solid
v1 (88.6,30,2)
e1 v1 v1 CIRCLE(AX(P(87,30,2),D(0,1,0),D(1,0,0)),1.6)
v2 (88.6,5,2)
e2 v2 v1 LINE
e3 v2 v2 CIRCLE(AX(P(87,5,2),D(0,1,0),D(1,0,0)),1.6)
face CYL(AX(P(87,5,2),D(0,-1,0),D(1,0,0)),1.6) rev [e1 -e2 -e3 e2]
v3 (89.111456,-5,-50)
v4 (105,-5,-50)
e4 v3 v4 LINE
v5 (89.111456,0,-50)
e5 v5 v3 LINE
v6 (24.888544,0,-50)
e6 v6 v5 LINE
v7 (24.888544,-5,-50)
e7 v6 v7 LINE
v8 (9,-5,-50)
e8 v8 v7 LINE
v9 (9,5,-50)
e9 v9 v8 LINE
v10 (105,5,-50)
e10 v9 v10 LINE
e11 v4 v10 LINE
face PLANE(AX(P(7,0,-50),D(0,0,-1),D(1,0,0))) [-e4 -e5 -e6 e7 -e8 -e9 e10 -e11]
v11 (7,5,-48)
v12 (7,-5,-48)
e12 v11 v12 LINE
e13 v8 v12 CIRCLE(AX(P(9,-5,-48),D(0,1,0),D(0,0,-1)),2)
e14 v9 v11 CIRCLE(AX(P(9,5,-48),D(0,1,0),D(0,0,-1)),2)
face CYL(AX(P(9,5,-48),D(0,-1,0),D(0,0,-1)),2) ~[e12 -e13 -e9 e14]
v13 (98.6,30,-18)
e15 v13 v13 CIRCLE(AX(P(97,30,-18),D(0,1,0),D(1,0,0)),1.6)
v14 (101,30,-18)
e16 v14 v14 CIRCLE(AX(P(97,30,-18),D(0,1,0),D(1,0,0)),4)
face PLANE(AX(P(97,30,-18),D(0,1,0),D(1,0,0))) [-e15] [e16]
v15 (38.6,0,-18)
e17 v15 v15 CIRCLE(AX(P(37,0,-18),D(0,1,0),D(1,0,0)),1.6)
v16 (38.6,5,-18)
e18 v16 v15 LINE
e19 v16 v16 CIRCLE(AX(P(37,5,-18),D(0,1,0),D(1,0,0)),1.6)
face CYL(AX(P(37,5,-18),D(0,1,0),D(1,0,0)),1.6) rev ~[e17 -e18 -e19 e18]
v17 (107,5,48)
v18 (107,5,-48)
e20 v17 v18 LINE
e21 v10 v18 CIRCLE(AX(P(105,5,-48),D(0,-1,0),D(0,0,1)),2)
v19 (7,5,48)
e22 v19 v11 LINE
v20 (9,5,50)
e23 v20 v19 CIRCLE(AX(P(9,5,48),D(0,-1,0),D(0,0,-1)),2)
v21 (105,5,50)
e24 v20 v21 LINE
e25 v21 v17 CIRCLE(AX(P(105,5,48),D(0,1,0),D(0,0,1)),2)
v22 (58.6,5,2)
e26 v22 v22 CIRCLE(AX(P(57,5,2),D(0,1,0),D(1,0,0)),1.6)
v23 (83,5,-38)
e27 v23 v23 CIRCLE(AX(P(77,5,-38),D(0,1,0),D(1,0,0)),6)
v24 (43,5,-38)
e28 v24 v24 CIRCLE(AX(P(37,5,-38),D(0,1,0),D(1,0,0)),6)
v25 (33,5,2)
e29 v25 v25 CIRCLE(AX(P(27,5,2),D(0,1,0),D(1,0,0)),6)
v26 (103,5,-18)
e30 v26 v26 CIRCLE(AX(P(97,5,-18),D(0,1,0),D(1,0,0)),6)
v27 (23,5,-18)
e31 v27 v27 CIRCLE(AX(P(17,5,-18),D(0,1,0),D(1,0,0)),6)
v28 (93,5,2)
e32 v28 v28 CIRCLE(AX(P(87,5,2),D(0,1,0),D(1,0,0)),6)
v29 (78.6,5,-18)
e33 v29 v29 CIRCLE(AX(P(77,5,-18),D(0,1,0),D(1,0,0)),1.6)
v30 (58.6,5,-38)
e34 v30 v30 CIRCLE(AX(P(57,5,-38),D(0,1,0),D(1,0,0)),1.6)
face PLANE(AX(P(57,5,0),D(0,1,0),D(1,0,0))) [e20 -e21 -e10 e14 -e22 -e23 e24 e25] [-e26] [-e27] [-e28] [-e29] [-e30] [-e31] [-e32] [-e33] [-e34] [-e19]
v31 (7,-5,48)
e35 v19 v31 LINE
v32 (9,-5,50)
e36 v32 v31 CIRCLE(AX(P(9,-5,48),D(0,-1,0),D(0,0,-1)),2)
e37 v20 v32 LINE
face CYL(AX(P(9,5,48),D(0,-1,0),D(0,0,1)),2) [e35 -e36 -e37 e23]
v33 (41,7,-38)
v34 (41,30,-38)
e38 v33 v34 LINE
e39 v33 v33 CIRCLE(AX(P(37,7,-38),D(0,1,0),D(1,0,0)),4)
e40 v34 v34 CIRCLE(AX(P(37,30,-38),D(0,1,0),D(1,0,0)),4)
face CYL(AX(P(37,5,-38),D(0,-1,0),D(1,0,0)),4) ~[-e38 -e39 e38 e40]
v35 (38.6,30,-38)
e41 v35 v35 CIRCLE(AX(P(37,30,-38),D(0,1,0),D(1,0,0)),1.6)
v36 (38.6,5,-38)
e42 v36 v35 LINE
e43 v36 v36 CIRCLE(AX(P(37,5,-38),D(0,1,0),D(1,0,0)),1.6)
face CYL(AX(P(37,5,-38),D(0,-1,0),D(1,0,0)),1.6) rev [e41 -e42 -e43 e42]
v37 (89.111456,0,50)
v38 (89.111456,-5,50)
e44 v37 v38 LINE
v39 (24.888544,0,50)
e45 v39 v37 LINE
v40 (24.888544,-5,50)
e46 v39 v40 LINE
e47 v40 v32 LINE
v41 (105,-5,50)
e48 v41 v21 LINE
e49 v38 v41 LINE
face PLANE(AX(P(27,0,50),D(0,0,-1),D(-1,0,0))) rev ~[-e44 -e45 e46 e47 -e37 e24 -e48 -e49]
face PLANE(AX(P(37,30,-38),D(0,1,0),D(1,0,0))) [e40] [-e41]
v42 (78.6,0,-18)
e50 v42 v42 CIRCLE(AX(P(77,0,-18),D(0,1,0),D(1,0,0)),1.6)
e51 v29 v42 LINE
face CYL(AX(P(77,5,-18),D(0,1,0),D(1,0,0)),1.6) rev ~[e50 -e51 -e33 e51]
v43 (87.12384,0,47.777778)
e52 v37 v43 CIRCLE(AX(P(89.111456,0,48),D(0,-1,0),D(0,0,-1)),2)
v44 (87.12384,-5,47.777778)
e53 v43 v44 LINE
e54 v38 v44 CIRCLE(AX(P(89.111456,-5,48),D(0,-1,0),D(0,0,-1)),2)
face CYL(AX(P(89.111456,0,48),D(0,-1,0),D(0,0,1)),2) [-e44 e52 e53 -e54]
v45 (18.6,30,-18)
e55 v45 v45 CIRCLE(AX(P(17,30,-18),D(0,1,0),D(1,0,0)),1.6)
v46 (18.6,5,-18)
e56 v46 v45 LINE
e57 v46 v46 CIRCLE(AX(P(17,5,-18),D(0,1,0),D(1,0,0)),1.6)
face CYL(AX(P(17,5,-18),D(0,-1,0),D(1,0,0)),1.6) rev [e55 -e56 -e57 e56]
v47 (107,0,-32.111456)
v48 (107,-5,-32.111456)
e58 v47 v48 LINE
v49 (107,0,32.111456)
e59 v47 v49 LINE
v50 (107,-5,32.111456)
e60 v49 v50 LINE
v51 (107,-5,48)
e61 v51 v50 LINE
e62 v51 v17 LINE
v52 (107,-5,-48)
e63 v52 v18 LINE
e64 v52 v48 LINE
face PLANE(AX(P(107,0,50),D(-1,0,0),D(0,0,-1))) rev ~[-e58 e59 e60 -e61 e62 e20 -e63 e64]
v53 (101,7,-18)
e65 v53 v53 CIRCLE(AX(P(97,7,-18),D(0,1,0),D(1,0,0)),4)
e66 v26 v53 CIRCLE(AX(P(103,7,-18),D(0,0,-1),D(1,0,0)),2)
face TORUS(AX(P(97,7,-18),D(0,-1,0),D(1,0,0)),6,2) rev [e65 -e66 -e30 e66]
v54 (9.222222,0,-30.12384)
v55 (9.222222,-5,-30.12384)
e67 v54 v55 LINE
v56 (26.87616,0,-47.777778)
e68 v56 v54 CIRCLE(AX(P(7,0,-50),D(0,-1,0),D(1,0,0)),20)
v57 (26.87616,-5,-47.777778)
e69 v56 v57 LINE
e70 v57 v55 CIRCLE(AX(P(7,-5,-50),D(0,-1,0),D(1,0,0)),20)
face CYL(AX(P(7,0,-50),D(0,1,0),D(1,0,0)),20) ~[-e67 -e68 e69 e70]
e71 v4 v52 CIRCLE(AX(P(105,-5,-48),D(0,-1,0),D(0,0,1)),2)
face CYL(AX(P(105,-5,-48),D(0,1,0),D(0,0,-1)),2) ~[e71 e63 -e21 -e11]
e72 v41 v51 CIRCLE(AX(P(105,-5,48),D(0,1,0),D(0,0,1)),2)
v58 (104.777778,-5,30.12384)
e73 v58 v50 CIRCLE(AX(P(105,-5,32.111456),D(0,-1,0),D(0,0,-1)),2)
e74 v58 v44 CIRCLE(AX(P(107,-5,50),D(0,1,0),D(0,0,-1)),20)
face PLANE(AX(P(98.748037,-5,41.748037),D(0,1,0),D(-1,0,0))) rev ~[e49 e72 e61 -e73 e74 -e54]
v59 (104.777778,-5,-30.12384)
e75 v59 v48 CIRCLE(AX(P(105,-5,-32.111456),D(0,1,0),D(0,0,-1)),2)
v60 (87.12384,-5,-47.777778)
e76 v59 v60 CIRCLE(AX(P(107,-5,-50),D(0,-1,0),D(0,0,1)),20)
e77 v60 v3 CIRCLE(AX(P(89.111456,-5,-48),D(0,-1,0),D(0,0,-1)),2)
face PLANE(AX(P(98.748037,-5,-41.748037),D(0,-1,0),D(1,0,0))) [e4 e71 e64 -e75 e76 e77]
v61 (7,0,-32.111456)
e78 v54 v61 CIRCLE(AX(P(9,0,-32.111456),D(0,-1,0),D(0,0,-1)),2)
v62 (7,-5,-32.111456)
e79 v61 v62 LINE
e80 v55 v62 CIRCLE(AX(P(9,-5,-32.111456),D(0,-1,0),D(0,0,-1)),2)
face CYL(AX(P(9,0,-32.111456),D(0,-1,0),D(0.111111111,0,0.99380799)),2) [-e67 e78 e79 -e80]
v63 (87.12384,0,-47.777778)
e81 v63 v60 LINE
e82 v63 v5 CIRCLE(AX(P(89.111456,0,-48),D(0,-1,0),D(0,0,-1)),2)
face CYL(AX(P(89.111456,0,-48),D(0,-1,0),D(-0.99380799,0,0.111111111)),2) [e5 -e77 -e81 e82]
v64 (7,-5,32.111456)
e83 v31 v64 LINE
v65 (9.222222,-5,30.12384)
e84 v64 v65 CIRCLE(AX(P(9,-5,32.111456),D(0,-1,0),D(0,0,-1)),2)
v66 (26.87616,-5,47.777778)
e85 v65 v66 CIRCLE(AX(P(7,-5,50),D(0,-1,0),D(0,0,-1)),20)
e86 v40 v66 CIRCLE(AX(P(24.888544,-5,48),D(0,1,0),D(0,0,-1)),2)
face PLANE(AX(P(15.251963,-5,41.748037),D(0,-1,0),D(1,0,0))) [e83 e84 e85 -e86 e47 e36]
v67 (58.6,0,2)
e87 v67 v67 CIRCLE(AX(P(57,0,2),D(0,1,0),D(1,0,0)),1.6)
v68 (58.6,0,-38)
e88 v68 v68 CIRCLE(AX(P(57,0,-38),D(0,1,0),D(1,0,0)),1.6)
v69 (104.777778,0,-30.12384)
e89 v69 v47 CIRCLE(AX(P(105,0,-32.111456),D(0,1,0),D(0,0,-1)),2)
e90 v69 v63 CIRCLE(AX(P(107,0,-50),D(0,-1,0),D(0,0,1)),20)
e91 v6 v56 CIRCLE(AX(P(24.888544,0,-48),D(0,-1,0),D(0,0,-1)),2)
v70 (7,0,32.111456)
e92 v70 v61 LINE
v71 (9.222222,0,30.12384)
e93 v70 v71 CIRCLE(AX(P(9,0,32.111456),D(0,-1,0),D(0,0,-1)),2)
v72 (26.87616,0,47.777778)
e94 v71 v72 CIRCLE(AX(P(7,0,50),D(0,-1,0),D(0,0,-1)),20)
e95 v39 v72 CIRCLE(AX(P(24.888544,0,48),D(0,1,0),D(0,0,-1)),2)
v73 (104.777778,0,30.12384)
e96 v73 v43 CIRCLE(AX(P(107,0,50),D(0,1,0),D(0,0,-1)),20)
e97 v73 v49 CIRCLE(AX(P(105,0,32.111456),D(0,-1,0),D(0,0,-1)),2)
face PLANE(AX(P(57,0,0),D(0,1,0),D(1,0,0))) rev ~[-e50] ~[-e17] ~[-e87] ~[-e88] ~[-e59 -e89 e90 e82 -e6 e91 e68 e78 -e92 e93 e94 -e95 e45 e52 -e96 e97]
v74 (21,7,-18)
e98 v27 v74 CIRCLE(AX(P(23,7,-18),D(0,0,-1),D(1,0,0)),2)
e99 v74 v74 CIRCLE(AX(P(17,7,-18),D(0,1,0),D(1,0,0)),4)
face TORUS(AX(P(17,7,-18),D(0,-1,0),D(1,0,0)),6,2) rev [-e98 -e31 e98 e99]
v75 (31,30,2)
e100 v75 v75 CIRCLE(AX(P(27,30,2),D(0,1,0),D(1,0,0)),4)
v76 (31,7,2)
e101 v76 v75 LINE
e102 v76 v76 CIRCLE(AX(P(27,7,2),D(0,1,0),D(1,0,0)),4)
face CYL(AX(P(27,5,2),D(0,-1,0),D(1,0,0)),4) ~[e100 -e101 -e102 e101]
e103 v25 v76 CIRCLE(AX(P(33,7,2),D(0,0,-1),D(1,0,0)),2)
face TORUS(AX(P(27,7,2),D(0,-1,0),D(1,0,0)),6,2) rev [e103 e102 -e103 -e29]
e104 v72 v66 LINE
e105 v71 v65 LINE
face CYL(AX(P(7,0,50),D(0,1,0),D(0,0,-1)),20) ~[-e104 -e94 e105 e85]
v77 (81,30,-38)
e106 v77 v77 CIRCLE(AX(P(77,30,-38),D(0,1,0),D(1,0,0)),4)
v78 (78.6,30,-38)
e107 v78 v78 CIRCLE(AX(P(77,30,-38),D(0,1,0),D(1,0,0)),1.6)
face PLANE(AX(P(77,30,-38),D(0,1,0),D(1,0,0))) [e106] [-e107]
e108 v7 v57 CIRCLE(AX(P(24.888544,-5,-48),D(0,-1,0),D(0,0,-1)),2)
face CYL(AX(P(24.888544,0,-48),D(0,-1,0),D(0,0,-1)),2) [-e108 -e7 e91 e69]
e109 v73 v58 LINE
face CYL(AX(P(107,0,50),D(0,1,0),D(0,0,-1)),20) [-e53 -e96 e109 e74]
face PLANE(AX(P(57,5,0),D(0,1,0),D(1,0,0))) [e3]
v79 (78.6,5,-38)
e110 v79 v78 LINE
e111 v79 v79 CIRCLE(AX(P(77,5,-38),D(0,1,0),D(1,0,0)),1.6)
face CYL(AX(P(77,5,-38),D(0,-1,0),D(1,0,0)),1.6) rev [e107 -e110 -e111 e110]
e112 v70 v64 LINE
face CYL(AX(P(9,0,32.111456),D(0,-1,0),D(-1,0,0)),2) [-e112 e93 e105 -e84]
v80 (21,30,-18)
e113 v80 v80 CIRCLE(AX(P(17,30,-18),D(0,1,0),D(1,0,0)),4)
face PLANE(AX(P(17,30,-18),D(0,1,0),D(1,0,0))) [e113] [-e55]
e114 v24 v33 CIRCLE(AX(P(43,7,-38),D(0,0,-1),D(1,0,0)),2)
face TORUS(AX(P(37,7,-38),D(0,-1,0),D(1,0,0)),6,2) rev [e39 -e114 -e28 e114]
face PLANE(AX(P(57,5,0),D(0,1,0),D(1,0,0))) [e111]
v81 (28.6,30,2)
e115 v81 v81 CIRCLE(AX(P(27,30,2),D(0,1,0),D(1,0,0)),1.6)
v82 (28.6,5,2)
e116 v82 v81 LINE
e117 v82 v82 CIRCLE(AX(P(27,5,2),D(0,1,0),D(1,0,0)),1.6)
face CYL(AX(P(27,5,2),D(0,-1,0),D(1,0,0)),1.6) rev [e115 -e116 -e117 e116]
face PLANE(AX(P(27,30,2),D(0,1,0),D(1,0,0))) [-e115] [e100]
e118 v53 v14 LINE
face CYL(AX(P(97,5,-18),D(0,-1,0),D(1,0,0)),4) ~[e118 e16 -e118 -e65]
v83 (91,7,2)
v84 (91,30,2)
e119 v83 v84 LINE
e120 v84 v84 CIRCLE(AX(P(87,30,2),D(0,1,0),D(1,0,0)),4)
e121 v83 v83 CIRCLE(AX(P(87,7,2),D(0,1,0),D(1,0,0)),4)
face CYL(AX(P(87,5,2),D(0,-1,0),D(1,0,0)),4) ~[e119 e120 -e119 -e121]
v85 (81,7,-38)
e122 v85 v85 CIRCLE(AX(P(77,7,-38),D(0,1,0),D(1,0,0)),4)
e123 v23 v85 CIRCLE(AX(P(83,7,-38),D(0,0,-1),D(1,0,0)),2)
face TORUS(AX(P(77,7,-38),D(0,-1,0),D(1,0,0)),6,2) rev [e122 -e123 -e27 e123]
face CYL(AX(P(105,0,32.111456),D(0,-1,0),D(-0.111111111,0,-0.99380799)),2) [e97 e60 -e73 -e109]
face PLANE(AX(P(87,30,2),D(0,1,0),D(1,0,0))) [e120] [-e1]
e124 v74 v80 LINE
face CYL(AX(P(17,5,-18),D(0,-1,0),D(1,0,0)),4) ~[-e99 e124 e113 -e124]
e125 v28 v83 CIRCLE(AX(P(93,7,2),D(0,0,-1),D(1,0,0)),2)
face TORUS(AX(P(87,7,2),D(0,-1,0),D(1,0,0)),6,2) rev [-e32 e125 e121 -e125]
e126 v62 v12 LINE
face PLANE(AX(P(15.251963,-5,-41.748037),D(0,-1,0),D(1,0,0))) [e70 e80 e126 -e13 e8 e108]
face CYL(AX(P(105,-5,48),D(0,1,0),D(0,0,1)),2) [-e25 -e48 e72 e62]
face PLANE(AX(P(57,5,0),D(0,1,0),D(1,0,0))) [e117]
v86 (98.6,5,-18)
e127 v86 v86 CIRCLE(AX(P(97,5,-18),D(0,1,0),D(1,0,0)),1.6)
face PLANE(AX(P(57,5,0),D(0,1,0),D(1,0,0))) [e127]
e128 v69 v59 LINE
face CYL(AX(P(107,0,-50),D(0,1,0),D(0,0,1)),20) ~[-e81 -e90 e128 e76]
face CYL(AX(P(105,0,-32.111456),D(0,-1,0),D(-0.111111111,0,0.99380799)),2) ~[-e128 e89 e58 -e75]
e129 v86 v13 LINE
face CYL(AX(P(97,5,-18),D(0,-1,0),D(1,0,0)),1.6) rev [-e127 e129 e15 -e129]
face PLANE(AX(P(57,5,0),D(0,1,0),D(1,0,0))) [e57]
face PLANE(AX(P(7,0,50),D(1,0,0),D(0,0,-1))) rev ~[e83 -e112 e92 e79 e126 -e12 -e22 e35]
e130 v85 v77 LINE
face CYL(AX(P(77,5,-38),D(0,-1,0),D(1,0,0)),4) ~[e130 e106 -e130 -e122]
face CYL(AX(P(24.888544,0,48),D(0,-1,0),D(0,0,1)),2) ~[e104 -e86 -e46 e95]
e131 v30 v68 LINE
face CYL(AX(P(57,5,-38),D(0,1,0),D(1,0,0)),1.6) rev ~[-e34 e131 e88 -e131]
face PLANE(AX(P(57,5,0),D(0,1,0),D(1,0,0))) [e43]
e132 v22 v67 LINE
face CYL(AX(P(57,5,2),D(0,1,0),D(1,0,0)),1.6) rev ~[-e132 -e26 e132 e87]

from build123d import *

# Parameters (mm, degrees)
SKETCH_1_W          = 100
SKETCH_1_H          = 100
EXTRUDE_1_DEPTH     = 5
SKETCH_5_R          = 4
SKETCH_5_R_2        = 1.6
EXTRUDE_2_DEPTH     = 25
SKETCH_6_R          = 1.6
CUT_EXTRUDE_1_DEPTH = 5
EXTRUDE_3_DEPTH     = 5
FILLET_1_R          = 2


with BuildPart() as part:
    # 草图1 → 凸台-拉伸1 (new body)
    with BuildSketch(Plane(origin=(57, 0, 0), x_dir=(1, 0, 0), z_dir=(0, 1, 0))):
        Rectangle(SKETCH_1_W, SKETCH_1_H)
    extrude(amount=EXTRUDE_1_DEPTH)

    # 草图5 → 凸台-拉伸2 (add)
    with BuildSketch(Plane(origin=(0, 5, 0), x_dir=(1, 0, 0), z_dir=(0, 1, 0))):
        with Locations((77, 38)):
            Circle(SKETCH_5_R)
        with Locations((77, 38)):
            Circle(SKETCH_5_R_2, mode=Mode.SUBTRACT)
        with Locations((97, 18)):
            Circle(SKETCH_5_R)
        with Locations((97, 18)):
            Circle(SKETCH_5_R_2, mode=Mode.SUBTRACT)
        with Locations((87, -2)):
            Circle(SKETCH_5_R)
        with Locations((87, -2)):
            Circle(SKETCH_5_R_2, mode=Mode.SUBTRACT)
        with Locations((27, -2)):
            Circle(SKETCH_5_R)
        with Locations((27, -2)):
            Circle(SKETCH_5_R_2, mode=Mode.SUBTRACT)
        with Locations((17, 18)):
            Circle(SKETCH_5_R)
        with Locations((17, 18)):
            Circle(SKETCH_5_R_2, mode=Mode.SUBTRACT)
        with Locations((37, 38)):
            Circle(SKETCH_5_R)
        with Locations((37, 38)):
            Circle(SKETCH_5_R_2, mode=Mode.SUBTRACT)
    extrude(amount=EXTRUDE_2_DEPTH)

    # 草图6 → 切除-拉伸1 (cut)
    with BuildSketch(Plane(origin=(0, 5, 0), x_dir=(1, 0, 0), z_dir=(0, 1, 0))):
        with Locations((57, 38)):
            Circle(SKETCH_6_R)
        with Locations((37, 18)):
            Circle(SKETCH_6_R)
        with Locations((77, 18)):
            Circle(SKETCH_6_R)
        with Locations((57, -2)):
            Circle(SKETCH_6_R)
    extrude(amount=-CUT_EXTRUDE_1_DEPTH, mode=Mode.SUBTRACT)

    # 草图7 → 凸台-拉伸3 (add)
    with BuildSketch(Plane.XZ):
        with BuildLine():
            Line((27, 50), (7, 50))
            Line((7, 50), (7, 30))
            ThreePointArc((7, 30), (21.142135624, 35.857864376), (27, 50))
        make_face()
        with BuildLine():
            ThreePointArc((27, -50), (21.142135624, -35.857864376), (7, -30))
            Line((7, -30), (7, -50))
            Line((7, -50), (27, -50))
        make_face()
        with BuildLine():
            Line((107, -50), (107, -30))
            ThreePointArc((107, -30), (92.857864376, -35.857864376), (87, -50))
            Line((87, -50), (107, -50))
        make_face()
        with BuildLine():
            Line((107, 50), (107, 30))
            ThreePointArc((107, 30), (92.857864376, 35.857864376), (87, 50))
            Line((87, 50), (107, 50))
        make_face()
    extrude(amount=EXTRUDE_3_DEPTH)

    # 圆角1
    fillet_1_edges = [part.edges().sort_by_distance(p)[0] for p in [
        (107, -2.5, -30),
        (87, -2.5, -50),
        (87, -2.5, 50),
        (107, -2.5, 30),
        (73, 5, -38),
        (93, 5, -18),
        (83, 5, 2),
        (23, 5, 2),
        (13, 5, -18),
        (33, 5, -38),
        (107, 0, 50),
        (7, 0, 50),
        (7, 0, -50),
        (107, 0, -50),
        (7, -2.5, 30),
        (27, -2.5, 50),
        (27, -2.5, -50),
        (7, -2.5, -30),
    ]]
    fillet(fillet_1_edges, radius=FILLET_1_R)


solid = part.part
